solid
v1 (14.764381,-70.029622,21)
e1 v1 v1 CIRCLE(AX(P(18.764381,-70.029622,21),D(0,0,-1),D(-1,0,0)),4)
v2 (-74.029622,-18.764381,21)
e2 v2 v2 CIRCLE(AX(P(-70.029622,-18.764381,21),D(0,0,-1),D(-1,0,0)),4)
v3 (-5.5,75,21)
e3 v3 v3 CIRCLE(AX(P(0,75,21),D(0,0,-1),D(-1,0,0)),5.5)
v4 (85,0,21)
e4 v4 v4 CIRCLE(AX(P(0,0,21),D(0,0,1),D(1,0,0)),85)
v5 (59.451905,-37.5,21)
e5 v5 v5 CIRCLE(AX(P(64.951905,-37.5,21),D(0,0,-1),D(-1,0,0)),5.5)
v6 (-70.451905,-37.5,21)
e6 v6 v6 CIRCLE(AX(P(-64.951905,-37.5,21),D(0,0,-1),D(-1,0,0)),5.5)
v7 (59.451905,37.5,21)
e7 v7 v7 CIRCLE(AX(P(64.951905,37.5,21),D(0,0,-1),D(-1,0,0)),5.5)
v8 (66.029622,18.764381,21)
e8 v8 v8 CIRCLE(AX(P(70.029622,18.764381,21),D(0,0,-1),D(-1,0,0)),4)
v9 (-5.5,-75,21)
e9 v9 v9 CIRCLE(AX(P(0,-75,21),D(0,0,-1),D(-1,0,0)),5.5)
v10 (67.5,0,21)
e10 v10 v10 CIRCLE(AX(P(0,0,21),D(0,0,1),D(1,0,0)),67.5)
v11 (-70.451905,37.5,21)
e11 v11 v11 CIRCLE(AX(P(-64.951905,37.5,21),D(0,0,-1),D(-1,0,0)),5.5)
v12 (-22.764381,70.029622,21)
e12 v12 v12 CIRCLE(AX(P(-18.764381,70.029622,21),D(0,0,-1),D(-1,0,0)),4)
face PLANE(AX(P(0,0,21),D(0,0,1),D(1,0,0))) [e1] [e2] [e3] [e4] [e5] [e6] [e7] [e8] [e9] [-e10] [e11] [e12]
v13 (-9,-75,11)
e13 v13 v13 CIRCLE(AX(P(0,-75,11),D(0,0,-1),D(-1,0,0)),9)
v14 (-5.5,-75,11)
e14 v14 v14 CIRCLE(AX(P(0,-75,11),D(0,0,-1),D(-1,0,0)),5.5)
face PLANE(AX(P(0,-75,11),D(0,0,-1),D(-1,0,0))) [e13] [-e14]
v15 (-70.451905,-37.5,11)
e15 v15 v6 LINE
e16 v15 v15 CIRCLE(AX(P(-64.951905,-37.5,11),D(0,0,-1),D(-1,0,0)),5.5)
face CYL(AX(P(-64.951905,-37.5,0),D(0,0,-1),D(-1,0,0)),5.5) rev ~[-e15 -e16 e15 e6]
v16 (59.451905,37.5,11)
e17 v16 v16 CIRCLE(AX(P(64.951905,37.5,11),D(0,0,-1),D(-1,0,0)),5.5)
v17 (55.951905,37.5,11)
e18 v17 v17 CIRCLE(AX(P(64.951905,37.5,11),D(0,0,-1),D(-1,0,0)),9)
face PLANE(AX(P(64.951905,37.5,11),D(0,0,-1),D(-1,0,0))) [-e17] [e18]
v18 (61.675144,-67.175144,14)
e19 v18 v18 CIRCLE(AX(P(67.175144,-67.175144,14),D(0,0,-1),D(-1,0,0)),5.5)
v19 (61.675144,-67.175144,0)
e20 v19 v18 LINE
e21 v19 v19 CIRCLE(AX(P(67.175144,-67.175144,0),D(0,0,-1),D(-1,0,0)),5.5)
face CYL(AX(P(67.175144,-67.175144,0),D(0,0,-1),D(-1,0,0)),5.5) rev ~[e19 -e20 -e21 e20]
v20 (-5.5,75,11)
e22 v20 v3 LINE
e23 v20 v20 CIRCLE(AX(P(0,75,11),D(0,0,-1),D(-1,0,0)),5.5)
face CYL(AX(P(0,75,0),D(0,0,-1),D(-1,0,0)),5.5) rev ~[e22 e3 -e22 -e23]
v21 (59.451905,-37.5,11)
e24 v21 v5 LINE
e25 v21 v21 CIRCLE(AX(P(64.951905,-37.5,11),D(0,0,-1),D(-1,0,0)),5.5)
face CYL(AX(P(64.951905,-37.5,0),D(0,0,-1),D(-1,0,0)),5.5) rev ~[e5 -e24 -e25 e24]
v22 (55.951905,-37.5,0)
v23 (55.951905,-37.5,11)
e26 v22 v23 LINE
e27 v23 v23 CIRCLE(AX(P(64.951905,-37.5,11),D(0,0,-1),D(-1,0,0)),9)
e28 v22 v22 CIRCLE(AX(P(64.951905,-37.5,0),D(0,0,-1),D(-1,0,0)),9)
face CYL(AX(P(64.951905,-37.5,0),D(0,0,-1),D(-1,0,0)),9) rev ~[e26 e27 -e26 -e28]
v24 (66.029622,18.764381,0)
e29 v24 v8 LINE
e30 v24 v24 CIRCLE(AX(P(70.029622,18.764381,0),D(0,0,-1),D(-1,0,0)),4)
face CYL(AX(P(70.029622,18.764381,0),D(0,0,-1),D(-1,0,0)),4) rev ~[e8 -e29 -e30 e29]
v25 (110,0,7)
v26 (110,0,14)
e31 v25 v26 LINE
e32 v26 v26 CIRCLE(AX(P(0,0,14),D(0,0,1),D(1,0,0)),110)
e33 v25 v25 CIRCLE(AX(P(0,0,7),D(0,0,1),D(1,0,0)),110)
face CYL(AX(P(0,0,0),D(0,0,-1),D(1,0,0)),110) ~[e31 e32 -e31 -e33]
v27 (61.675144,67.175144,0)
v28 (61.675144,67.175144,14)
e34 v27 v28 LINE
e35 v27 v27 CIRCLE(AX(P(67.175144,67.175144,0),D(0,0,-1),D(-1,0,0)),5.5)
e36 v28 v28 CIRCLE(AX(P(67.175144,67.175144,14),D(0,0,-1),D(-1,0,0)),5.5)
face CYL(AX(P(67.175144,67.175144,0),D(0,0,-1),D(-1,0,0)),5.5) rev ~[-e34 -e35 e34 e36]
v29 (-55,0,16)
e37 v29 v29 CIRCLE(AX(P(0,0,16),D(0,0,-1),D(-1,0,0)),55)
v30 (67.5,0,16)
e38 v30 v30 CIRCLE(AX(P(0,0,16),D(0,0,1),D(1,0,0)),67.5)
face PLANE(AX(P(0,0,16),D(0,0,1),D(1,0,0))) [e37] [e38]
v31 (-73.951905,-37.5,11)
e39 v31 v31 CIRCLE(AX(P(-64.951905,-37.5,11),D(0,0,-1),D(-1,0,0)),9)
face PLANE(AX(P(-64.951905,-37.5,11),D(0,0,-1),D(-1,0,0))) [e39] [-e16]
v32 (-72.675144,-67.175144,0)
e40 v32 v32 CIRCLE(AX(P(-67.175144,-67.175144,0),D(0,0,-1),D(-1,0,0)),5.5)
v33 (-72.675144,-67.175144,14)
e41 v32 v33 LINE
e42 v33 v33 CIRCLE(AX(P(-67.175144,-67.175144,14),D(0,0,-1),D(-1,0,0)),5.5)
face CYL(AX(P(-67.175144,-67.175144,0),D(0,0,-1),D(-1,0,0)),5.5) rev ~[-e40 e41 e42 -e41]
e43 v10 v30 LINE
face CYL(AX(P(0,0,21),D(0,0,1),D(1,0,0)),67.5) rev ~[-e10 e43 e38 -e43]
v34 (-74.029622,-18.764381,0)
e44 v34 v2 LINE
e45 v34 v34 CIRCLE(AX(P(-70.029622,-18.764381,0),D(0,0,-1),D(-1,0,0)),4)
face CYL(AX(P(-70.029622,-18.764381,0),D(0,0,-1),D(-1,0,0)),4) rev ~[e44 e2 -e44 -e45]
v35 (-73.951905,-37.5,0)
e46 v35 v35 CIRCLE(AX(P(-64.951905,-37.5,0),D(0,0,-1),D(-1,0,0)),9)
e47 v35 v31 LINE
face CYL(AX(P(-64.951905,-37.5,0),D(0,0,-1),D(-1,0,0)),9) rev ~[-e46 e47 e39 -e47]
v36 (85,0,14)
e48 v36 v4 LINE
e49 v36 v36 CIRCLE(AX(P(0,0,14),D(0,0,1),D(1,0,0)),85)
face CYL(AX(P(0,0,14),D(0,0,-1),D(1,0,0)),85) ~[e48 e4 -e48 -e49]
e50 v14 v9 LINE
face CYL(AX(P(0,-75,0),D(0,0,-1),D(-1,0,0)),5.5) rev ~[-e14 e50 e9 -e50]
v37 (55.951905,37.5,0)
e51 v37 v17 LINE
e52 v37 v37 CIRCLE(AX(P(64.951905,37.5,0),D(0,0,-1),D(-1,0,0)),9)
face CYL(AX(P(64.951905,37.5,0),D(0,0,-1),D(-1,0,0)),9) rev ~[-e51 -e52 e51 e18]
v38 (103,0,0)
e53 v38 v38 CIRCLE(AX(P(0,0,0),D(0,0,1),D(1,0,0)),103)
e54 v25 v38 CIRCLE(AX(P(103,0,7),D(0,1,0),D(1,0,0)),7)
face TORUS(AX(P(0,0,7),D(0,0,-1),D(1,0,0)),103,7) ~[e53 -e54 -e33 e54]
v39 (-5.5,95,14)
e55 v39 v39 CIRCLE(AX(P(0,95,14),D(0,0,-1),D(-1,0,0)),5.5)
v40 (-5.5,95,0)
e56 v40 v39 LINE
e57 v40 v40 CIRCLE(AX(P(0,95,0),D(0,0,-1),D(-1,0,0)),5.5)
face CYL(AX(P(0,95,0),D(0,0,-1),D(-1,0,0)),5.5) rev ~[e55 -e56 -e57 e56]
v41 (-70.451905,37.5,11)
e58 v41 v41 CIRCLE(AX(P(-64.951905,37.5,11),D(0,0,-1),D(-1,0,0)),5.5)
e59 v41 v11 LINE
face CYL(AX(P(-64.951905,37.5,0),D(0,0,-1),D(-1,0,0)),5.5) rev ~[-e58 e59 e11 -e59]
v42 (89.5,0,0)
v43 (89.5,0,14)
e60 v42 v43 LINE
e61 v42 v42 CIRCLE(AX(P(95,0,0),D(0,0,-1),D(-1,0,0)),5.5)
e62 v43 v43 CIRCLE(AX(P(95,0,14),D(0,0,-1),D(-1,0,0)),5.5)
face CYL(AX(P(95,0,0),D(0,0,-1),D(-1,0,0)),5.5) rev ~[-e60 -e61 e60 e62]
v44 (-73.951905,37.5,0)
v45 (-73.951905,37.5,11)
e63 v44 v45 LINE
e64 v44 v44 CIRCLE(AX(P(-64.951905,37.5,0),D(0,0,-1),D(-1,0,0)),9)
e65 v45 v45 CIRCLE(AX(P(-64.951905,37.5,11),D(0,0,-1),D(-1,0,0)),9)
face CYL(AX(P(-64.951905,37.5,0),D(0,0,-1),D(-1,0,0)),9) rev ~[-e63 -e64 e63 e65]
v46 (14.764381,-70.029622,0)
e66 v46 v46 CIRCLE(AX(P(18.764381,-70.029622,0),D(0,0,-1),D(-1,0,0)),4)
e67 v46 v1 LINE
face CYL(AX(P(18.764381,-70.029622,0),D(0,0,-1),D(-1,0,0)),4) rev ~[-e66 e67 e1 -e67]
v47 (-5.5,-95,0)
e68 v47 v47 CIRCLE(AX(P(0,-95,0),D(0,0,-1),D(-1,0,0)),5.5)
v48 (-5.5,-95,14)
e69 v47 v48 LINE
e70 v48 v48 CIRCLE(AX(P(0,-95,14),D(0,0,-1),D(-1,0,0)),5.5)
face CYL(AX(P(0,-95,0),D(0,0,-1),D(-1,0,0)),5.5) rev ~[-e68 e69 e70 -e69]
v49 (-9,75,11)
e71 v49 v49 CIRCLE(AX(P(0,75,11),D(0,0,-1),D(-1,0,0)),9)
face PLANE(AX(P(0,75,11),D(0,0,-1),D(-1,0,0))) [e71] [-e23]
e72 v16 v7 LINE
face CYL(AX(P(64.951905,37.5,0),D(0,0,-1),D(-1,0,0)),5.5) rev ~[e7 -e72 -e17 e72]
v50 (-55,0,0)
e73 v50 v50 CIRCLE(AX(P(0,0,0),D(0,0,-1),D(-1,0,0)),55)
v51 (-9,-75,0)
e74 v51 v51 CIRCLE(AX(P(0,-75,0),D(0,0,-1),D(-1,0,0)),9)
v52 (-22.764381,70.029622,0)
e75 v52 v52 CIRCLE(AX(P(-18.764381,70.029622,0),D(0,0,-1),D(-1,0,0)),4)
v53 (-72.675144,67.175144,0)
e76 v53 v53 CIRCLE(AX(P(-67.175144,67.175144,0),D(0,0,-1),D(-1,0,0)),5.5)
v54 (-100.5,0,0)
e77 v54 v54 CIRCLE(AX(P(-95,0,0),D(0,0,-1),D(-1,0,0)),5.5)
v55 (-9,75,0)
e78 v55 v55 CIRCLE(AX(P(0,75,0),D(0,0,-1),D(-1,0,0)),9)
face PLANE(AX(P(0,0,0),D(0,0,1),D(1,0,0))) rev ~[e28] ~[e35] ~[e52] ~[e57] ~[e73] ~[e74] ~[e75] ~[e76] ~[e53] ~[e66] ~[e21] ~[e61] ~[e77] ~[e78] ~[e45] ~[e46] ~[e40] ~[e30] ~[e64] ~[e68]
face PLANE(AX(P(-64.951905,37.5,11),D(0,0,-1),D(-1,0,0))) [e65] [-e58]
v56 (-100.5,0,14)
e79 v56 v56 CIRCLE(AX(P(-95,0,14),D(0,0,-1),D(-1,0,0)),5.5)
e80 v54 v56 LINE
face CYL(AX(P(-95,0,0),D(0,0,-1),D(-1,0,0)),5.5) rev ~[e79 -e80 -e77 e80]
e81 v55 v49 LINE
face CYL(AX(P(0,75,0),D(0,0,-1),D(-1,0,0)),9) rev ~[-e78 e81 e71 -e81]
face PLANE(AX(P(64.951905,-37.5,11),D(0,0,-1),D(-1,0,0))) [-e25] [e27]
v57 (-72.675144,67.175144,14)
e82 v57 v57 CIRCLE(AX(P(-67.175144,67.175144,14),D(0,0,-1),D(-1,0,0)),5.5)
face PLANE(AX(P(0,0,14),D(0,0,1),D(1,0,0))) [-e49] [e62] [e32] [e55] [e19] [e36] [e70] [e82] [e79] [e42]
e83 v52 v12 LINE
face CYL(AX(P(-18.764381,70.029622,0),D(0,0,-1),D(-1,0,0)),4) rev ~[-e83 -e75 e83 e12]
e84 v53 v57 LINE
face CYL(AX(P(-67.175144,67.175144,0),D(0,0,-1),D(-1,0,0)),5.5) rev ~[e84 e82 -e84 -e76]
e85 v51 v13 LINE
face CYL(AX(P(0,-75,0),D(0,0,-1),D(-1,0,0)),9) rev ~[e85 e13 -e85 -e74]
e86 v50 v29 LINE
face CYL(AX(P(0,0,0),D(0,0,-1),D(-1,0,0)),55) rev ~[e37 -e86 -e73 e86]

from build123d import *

# Parameters (mm, degrees)
SKETCH_1_R          = 110
EXTRUDE_1_DEPTH     = 14
SKETCH_2_R          = 85
EXTRUDE_2_DEPTH     = 7
SKETCH_3_R          = 55
CUT_EXTRUDE_1_DEPTH = 157.974520225
FILLET_1_R          = 7
SKETCH_5_R          = 5.5
CUT_EXTRUDE_2_DEPTH = 157.974520225
SKETCH_6_R          = 5.5
CUT_EXTRUDE_3_DEPTH = 157.974520225
SKETCH_7_R          = 67.5
CUT_EXTRUDE_4_DEPTH = 5
SKETCH_8_R          = 9
CUT_EXTRUDE_5_DEPTH = 11
SKETCH_10_R         = 4
CUT_EXTRUDE_6_DEPTH = 157.974520225


with BuildPart() as part:
    # 草图1 → 拉伸1 (new body)
    with BuildSketch(Plane.XY):
        Circle(SKETCH_1_R)
    extrude(amount=EXTRUDE_1_DEPTH)

    # 草图2 → 拉伸2 (add)
    with BuildSketch(Plane.XY.offset(14)):
        Circle(SKETCH_2_R)
    extrude(amount=EXTRUDE_2_DEPTH)

    # 草图3 → 切除-拉伸1 (cut, through all)
    with BuildSketch(Plane(origin=(0, 0, 0), x_dir=(-1, 0, 0), z_dir=(0, 0, -1))):
        Circle(SKETCH_3_R)
    extrude(amount=-CUT_EXTRUDE_1_DEPTH, mode=Mode.SUBTRACT)

    # 圆角1
    fillet_1_edges = [part.edges().sort_by_distance(p)[0] for p in [
        (-110, 0, 0),
    ]]
    fillet(fillet_1_edges, radius=FILLET_1_R)

    # 草图5 → 切除-拉伸2 (cut, through all)
    with BuildSketch(Plane(origin=(0, 0, 0), x_dir=(-1, 0, 0), z_dir=(0, 0, -1))):
        with Locations((0, 95)):
            Circle(SKETCH_5_R)
        with Locations((67.175144213, 67.175144213)):
            Circle(SKETCH_5_R)
        with Locations((95, 0)):
            Circle(SKETCH_5_R)
        with Locations((67.175144213, -67.175144213)):
            Circle(SKETCH_5_R)
        with Locations((0, -95)):
            Circle(SKETCH_5_R)
        with Locations((-67.175144213, -67.175144213)):
            Circle(SKETCH_5_R)
        with Locations((-95, 0)):
            Circle(SKETCH_5_R)
        with Locations((-67.175144213, 67.175144213)):
            Circle(SKETCH_5_R)
    extrude(amount=-CUT_EXTRUDE_2_DEPTH, mode=Mode.SUBTRACT)

    # 草图6 → 切除-拉伸3 (cut, through all)
    with BuildSketch(Plane(origin=(0, 0, 0), x_dir=(-1, 0, 0), z_dir=(0, 0, -1))):
        with Locations((0, 75)):
            Circle(SKETCH_6_R)
        with Locations((64.951905284, 37.5)):
            Circle(SKETCH_6_R)
        with Locations((64.951905284, -37.5)):
            Circle(SKETCH_6_R)
        with Locations((0, -75)):
            Circle(SKETCH_6_R)
        with Locations((-64.951905284, -37.5)):
            Circle(SKETCH_6_R)
        with Locations((-64.951905284, 37.5)):
            Circle(SKETCH_6_R)
    extrude(amount=-CUT_EXTRUDE_3_DEPTH, mode=Mode.SUBTRACT)

    # 草图7 → 切除-拉伸4 (cut)
    with BuildSketch(Plane.XY.offset(21)):
        Circle(SKETCH_7_R)
    extrude(amount=-CUT_EXTRUDE_4_DEPTH, mode=Mode.SUBTRACT)

    # 草图8 → 切除-拉伸5 (cut)
    with BuildSketch(Plane(origin=(0, 0, 0), x_dir=(-1, 0, 0), z_dir=(0, 0, -1))):
        with Locations((0, 75)):
            Circle(SKETCH_8_R)
        with Locations((64.951905284, 37.5)):
            Circle(SKETCH_8_R)
        with Locations((64.951905284, -37.5)):
            Circle(SKETCH_8_R)
        with Locations((0, -75)):
            Circle(SKETCH_8_R)
        with Locations((-64.951905284, -37.5)):
            Circle(SKETCH_8_R)
        with Locations((-64.951905284, 37.5)):
            Circle(SKETCH_8_R)
    extrude(amount=-CUT_EXTRUDE_5_DEPTH, mode=Mode.SUBTRACT)

    # 草图10 → 切除-拉伸6 (cut, through all)
    with BuildSketch(Plane(origin=(0, 0, 0), x_dir=(-1, 0, 0), z_dir=(0, 0, -1))):
        with Locations((18.76438077, 70.029622406)):
            Circle(SKETCH_10_R)
        with Locations((70.029622406, -18.76438077)):
            Circle(SKETCH_10_R)
        with Locations((-18.76438077, -70.029622406)):
            Circle(SKETCH_10_R)
        with Locations((-70.029622406, 18.76438077)):
            Circle(SKETCH_10_R)
    extrude(amount=-CUT_EXTRUDE_6_DEPTH, mode=Mode.SUBTRACT)


solid = part.part
